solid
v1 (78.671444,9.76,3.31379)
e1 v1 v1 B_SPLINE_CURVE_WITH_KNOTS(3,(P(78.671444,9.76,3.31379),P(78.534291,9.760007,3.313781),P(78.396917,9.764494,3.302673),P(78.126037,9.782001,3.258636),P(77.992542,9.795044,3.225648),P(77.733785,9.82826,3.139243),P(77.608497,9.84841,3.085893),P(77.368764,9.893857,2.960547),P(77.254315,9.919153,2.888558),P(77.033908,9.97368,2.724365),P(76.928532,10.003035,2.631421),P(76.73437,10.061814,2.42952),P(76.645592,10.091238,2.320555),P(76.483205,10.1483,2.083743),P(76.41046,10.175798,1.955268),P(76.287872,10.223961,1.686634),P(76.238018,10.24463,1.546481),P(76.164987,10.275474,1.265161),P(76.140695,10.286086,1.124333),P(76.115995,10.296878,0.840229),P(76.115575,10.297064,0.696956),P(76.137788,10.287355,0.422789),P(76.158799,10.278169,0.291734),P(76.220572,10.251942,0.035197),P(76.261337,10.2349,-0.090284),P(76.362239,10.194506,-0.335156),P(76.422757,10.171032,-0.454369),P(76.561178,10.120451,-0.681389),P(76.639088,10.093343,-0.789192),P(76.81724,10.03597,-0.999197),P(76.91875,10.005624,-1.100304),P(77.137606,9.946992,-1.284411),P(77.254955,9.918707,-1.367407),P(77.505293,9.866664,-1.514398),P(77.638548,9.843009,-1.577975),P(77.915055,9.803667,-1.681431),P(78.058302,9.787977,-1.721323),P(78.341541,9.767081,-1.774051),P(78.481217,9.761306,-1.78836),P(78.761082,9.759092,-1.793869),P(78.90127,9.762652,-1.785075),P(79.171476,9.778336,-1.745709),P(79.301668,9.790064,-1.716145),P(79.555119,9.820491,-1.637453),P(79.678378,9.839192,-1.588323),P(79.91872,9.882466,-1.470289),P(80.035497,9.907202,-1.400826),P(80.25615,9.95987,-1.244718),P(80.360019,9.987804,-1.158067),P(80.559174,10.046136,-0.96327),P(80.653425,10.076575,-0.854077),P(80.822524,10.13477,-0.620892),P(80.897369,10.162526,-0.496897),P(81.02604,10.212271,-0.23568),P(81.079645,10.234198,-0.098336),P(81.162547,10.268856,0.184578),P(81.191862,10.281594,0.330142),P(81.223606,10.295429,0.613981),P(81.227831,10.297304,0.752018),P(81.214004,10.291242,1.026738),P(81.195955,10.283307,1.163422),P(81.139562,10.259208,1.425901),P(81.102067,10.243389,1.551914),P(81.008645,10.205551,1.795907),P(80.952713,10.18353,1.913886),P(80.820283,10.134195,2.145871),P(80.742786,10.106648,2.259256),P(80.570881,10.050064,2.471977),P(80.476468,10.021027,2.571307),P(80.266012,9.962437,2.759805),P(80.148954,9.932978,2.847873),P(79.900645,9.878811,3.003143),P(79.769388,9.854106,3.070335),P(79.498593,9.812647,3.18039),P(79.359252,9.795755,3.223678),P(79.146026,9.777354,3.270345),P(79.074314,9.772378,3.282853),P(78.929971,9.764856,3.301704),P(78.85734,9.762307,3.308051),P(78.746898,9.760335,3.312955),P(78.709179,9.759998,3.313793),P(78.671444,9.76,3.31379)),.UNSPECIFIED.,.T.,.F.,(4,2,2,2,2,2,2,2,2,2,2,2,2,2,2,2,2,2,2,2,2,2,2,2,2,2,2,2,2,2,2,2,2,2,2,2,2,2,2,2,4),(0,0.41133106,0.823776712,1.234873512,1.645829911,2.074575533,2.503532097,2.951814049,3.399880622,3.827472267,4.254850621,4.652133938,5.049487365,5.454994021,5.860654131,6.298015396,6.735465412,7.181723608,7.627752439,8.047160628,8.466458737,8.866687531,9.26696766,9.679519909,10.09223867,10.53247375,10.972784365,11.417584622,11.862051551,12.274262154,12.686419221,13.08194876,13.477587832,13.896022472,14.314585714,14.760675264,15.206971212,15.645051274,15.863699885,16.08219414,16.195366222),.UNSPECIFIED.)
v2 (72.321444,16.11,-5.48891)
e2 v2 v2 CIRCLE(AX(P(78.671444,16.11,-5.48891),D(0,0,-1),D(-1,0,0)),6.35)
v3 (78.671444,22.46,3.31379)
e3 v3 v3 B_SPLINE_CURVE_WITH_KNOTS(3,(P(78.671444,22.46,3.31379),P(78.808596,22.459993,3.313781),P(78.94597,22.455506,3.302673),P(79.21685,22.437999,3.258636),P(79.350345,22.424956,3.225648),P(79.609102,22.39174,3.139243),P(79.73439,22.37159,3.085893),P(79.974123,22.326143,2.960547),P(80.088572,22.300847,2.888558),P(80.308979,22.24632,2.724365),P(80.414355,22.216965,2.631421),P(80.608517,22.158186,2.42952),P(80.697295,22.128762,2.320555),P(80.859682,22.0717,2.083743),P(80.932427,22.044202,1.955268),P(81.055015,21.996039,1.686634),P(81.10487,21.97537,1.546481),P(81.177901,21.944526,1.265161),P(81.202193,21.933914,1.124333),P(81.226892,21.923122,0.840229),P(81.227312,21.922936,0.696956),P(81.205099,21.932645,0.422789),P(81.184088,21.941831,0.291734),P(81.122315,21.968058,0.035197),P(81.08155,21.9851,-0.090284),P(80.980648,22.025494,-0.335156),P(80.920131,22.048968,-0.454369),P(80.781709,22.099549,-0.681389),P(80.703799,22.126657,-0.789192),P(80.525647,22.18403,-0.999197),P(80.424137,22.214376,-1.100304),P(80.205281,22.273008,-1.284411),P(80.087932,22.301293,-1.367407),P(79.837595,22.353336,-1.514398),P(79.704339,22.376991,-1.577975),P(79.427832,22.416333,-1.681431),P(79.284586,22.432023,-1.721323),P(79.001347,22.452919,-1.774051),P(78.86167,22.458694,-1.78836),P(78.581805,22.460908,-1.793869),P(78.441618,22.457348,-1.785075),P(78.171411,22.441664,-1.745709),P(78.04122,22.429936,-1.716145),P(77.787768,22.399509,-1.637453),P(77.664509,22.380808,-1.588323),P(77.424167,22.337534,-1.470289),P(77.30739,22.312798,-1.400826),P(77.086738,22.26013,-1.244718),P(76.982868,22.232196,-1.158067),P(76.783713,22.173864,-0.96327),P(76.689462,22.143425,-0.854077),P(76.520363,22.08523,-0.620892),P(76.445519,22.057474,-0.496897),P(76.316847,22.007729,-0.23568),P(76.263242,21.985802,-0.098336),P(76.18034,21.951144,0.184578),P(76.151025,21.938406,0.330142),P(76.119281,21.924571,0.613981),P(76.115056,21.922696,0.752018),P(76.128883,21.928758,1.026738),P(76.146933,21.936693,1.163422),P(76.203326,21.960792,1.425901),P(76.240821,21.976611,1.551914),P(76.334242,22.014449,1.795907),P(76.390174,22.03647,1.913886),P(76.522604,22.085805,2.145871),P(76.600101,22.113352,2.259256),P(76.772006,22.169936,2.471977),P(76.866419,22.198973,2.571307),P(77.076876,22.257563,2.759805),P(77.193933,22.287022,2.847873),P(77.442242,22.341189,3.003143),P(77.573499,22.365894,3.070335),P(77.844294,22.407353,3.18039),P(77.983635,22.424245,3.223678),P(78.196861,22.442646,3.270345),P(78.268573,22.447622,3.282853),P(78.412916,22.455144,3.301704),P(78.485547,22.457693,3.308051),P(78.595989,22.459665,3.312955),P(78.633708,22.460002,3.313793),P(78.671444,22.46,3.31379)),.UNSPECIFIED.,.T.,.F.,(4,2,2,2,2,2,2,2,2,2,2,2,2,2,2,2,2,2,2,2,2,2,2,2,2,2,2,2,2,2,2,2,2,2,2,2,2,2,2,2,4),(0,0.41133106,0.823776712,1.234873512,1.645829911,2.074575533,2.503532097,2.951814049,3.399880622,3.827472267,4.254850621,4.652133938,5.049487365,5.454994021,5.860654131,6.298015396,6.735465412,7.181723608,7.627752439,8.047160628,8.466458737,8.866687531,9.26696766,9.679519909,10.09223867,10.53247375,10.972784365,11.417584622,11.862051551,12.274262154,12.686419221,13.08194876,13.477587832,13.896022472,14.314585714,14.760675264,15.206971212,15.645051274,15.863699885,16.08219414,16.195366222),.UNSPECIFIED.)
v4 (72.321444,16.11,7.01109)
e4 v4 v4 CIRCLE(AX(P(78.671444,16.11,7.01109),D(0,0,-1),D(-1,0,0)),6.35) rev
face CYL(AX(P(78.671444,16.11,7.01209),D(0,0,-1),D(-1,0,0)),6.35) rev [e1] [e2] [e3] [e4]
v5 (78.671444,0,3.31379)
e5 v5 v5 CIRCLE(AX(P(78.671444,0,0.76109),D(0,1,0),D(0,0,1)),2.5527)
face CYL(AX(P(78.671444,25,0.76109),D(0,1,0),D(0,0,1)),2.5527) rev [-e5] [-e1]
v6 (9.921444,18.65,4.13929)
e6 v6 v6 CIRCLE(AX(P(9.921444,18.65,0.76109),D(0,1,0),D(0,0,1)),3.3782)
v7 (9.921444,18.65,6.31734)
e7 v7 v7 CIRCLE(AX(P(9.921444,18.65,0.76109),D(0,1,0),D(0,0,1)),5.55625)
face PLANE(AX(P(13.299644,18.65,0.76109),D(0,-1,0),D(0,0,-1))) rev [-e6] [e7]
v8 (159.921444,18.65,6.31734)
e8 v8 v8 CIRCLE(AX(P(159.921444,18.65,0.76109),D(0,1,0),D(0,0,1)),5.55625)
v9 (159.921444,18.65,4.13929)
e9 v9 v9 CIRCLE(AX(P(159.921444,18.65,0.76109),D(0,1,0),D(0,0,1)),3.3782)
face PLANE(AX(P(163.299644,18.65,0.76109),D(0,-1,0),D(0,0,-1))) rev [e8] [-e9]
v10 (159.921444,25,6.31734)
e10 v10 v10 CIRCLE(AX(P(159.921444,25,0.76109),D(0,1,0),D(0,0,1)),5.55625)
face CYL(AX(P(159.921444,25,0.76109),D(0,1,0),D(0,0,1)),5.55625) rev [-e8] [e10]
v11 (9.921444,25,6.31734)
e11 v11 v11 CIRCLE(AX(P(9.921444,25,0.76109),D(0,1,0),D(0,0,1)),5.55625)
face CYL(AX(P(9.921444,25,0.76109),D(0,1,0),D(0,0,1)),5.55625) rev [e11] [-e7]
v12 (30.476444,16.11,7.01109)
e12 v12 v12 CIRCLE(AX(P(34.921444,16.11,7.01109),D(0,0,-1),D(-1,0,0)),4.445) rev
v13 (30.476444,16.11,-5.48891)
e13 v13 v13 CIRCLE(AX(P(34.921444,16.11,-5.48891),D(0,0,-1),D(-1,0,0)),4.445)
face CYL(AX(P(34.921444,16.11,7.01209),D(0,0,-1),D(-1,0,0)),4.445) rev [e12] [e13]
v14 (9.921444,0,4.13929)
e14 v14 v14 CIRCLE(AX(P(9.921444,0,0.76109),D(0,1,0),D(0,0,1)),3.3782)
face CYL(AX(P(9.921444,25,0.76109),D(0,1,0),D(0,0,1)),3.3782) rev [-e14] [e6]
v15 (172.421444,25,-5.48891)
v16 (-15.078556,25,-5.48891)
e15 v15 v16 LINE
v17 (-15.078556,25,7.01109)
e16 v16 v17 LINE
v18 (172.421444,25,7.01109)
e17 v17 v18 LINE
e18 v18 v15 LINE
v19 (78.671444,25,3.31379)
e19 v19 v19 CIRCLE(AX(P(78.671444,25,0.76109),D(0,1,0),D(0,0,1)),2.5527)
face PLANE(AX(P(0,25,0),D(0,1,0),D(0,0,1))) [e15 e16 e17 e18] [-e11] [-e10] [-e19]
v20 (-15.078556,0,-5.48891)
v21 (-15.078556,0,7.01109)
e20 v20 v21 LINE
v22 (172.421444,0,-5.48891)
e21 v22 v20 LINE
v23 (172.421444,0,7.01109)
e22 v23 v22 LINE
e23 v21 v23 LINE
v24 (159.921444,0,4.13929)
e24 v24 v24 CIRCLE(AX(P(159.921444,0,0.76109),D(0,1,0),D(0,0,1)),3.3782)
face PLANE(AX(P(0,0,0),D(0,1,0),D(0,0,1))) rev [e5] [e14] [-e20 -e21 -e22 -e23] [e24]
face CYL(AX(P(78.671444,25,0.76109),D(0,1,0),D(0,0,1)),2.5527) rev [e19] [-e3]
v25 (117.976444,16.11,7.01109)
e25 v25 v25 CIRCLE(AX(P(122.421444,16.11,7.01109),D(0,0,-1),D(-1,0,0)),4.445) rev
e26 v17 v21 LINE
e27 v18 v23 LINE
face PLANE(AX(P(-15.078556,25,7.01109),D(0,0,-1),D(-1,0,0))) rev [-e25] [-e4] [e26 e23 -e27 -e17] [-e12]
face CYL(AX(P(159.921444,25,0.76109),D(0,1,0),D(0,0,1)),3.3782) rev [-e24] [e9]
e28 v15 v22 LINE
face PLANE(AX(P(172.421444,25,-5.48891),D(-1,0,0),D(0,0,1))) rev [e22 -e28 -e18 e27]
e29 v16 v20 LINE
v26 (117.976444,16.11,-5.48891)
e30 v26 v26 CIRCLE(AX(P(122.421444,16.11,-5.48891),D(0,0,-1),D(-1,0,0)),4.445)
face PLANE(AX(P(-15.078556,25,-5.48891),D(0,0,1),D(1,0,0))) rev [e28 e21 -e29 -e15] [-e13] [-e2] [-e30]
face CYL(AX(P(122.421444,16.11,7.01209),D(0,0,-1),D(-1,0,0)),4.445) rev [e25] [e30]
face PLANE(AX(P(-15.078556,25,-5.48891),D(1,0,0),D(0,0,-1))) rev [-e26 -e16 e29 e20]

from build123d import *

# Parameters (mm, degrees)
SKETCH1_W                                        = 187.5
SKETCH1_H                                        = 12.5
BOSS_EXTRUDE1_DEPTH                              = 25
CBORE_FOR_1_4_SOCKET_HEAD_CAP_SCREW1_D           = 6.7564
CBORE_FOR_1_4_SOCKET_HEAD_CAP_SCREW1_CBORE_D     = 11.1125
CBORE_FOR_1_4_SOCKET_HEAD_CAP_SCREW1_CBORE_DEPTH = 6.35
CUT_EXTRUDE1_REACH                               = 176.672
SKETCH4_R                                        = 4.445
SKETCH4_R_2                                      = 6.35
F_1_4_20_TAPPED_HOLE1_D                          = 5.1054


with BuildPart() as part:
    # Sketch1 → Boss-Extrude1 (new body)
    with BuildSketch(Plane(origin=(0, 0, 0), x_dir=(1, 0, 0), z_dir=(0, 1, 0))):
        with Locations((78.671443618, -0.761090319)):
            Rectangle(SKETCH1_W, SKETCH1_H)
    extrude(amount=BOSS_EXTRUDE1_DEPTH)

    # CBORE for 1/4 Socket Head Cap Screw1 (through all)
    with Locations(Plane(origin=(9.921443618, 25, 0.761090319), x_dir=(0, 0, 1), z_dir=(0, 1, 0))):
        with Locations((0, 0), (0, 150.000000108)):
            CounterBoreHole(CBORE_FOR_1_4_SOCKET_HEAD_CAP_SCREW1_D / 2, CBORE_FOR_1_4_SOCKET_HEAD_CAP_SCREW1_CBORE_D / 2, CBORE_FOR_1_4_SOCKET_HEAD_CAP_SCREW1_CBORE_DEPTH)

    # Sketch4 → Cut-Extrude1 (cut, up to next)
    with BuildSketch(Plane(origin=(0, 0, -5.488909681), x_dir=(-1, 0, 0), z_dir=(0, 0, -1)), mode=Mode.PRIVATE) as cut_extrude1_sk1:
        with BuildLine():
            ThreePointArc((-30.476443618, 16.11), (-34.921443618, 20.555), (-39.366443618, 16.11))
            Line((-39.366443618, 16.11), (-30.476443618, 16.11))
        make_face()
    cut_extrude1_tool1 = extrude(cut_extrude1_sk1.sketch, amount=-CUT_EXTRUDE1_REACH, mode=Mode.PRIVATE) & part.part
    # Sketch4 → Cut-Extrude1 (cut, up to next)
    with BuildSketch(Plane(origin=(0, 0, -5.488909681), x_dir=(-1, 0, 0), z_dir=(0, 0, -1)), mode=Mode.PRIVATE) as cut_extrude1_sk2:
        with BuildLine():
            Line((-30.476443618, 16.11), (-39.366443618, 16.11))
            ThreePointArc((-39.366443618, 16.11), (-34.921443618, 11.665), (-30.476443618, 16.11))
        make_face()
    cut_extrude1_tool2 = extrude(cut_extrude1_sk2.sketch, amount=-CUT_EXTRUDE1_REACH, mode=Mode.PRIVATE) & part.part
    # Sketch4 → Cut-Extrude1 (cut, up to next)
    with BuildSketch(Plane(origin=(0, 0, -5.488909681), x_dir=(-1, 0, 0), z_dir=(0, 0, -1)), mode=Mode.PRIVATE) as cut_extrude1_sk3:
        with BuildLine():
            ThreePointArc((-30.476443618, 16.11), (-34.921443618, 20.555), (-39.366443618, 16.11))
            Line((-39.366443618, 16.11), (-30.476443618, 16.11))
        make_face()
    cut_extrude1_tool3 = extrude(cut_extrude1_sk3.sketch, amount=-CUT_EXTRUDE1_REACH, mode=Mode.PRIVATE) & part.part
    # Sketch4 → Cut-Extrude1 (cut, up to next)
    with BuildSketch(Plane(origin=(0, 0, -5.488909681), x_dir=(-1, 0, 0), z_dir=(0, 0, -1)), mode=Mode.PRIVATE) as cut_extrude1_sk4:
        with BuildLine():
            Line((-30.476443618, 16.11), (-39.366443618, 16.11))
            ThreePointArc((-39.366443618, 16.11), (-34.921443618, 11.665), (-30.476443618, 16.11))
        make_face()
    cut_extrude1_tool4 = extrude(cut_extrude1_sk4.sketch, amount=-CUT_EXTRUDE1_REACH, mode=Mode.PRIVATE) & part.part
    # Sketch4 → Cut-Extrude1 (cut, up to next)
    with BuildSketch(Plane(origin=(0, 0, -5.488909681), x_dir=(-1, 0, 0), z_dir=(0, 0, -1)), mode=Mode.PRIVATE) as cut_extrude1_sk5:
        with Locations((-122.421443618, 16.11)):
            Circle(SKETCH4_R)
    cut_extrude1_tool5 = extrude(cut_extrude1_sk5.sketch, amount=-CUT_EXTRUDE1_REACH, mode=Mode.PRIVATE) & part.part
    # Sketch4 → Cut-Extrude1 (cut, up to next)
    with BuildSketch(Plane(origin=(0, 0, -5.488909681), x_dir=(-1, 0, 0), z_dir=(0, 0, -1)), mode=Mode.PRIVATE) as cut_extrude1_sk6:
        with Locations((-78.671443618, 16.11)):
            Circle(SKETCH4_R_2)
    cut_extrude1_tool6 = extrude(cut_extrude1_sk6.sketch, amount=-CUT_EXTRUDE1_REACH, mode=Mode.PRIVATE) & part.part
    add(cut_extrude1_tool1.solids().sort_by_distance((34.921444, 17.996517, -5.48891))[0], mode=Mode.SUBTRACT)
    add(cut_extrude1_tool2.solids().sort_by_distance((34.921444, 14.223483, -5.48891))[0], mode=Mode.SUBTRACT)
    add(cut_extrude1_tool3.solids().sort_by_distance((34.921444, 17.996517, -5.48891))[0], mode=Mode.SUBTRACT)
    add(cut_extrude1_tool4.solids().sort_by_distance((34.921444, 14.223483, -5.48891))[0], mode=Mode.SUBTRACT)
    add(cut_extrude1_tool5.solids().sort_by_distance((122.421444, 16.11, -5.48891))[0], mode=Mode.SUBTRACT)
    add(cut_extrude1_tool6.solids().sort_by_distance((78.671444, 16.11, -5.48891))[0], mode=Mode.SUBTRACT)

    # 1/4-20 Tapped Hole1 (through all)
    with Locations(Plane(origin=(78.671443618, 25, 0.761090319), x_dir=(0, 0, 1), z_dir=(0, 1, 0))):
        with Locations((0, 0)):
            Hole(F_1_4_20_TAPPED_HOLE1_D / 2)


solid = part.part
